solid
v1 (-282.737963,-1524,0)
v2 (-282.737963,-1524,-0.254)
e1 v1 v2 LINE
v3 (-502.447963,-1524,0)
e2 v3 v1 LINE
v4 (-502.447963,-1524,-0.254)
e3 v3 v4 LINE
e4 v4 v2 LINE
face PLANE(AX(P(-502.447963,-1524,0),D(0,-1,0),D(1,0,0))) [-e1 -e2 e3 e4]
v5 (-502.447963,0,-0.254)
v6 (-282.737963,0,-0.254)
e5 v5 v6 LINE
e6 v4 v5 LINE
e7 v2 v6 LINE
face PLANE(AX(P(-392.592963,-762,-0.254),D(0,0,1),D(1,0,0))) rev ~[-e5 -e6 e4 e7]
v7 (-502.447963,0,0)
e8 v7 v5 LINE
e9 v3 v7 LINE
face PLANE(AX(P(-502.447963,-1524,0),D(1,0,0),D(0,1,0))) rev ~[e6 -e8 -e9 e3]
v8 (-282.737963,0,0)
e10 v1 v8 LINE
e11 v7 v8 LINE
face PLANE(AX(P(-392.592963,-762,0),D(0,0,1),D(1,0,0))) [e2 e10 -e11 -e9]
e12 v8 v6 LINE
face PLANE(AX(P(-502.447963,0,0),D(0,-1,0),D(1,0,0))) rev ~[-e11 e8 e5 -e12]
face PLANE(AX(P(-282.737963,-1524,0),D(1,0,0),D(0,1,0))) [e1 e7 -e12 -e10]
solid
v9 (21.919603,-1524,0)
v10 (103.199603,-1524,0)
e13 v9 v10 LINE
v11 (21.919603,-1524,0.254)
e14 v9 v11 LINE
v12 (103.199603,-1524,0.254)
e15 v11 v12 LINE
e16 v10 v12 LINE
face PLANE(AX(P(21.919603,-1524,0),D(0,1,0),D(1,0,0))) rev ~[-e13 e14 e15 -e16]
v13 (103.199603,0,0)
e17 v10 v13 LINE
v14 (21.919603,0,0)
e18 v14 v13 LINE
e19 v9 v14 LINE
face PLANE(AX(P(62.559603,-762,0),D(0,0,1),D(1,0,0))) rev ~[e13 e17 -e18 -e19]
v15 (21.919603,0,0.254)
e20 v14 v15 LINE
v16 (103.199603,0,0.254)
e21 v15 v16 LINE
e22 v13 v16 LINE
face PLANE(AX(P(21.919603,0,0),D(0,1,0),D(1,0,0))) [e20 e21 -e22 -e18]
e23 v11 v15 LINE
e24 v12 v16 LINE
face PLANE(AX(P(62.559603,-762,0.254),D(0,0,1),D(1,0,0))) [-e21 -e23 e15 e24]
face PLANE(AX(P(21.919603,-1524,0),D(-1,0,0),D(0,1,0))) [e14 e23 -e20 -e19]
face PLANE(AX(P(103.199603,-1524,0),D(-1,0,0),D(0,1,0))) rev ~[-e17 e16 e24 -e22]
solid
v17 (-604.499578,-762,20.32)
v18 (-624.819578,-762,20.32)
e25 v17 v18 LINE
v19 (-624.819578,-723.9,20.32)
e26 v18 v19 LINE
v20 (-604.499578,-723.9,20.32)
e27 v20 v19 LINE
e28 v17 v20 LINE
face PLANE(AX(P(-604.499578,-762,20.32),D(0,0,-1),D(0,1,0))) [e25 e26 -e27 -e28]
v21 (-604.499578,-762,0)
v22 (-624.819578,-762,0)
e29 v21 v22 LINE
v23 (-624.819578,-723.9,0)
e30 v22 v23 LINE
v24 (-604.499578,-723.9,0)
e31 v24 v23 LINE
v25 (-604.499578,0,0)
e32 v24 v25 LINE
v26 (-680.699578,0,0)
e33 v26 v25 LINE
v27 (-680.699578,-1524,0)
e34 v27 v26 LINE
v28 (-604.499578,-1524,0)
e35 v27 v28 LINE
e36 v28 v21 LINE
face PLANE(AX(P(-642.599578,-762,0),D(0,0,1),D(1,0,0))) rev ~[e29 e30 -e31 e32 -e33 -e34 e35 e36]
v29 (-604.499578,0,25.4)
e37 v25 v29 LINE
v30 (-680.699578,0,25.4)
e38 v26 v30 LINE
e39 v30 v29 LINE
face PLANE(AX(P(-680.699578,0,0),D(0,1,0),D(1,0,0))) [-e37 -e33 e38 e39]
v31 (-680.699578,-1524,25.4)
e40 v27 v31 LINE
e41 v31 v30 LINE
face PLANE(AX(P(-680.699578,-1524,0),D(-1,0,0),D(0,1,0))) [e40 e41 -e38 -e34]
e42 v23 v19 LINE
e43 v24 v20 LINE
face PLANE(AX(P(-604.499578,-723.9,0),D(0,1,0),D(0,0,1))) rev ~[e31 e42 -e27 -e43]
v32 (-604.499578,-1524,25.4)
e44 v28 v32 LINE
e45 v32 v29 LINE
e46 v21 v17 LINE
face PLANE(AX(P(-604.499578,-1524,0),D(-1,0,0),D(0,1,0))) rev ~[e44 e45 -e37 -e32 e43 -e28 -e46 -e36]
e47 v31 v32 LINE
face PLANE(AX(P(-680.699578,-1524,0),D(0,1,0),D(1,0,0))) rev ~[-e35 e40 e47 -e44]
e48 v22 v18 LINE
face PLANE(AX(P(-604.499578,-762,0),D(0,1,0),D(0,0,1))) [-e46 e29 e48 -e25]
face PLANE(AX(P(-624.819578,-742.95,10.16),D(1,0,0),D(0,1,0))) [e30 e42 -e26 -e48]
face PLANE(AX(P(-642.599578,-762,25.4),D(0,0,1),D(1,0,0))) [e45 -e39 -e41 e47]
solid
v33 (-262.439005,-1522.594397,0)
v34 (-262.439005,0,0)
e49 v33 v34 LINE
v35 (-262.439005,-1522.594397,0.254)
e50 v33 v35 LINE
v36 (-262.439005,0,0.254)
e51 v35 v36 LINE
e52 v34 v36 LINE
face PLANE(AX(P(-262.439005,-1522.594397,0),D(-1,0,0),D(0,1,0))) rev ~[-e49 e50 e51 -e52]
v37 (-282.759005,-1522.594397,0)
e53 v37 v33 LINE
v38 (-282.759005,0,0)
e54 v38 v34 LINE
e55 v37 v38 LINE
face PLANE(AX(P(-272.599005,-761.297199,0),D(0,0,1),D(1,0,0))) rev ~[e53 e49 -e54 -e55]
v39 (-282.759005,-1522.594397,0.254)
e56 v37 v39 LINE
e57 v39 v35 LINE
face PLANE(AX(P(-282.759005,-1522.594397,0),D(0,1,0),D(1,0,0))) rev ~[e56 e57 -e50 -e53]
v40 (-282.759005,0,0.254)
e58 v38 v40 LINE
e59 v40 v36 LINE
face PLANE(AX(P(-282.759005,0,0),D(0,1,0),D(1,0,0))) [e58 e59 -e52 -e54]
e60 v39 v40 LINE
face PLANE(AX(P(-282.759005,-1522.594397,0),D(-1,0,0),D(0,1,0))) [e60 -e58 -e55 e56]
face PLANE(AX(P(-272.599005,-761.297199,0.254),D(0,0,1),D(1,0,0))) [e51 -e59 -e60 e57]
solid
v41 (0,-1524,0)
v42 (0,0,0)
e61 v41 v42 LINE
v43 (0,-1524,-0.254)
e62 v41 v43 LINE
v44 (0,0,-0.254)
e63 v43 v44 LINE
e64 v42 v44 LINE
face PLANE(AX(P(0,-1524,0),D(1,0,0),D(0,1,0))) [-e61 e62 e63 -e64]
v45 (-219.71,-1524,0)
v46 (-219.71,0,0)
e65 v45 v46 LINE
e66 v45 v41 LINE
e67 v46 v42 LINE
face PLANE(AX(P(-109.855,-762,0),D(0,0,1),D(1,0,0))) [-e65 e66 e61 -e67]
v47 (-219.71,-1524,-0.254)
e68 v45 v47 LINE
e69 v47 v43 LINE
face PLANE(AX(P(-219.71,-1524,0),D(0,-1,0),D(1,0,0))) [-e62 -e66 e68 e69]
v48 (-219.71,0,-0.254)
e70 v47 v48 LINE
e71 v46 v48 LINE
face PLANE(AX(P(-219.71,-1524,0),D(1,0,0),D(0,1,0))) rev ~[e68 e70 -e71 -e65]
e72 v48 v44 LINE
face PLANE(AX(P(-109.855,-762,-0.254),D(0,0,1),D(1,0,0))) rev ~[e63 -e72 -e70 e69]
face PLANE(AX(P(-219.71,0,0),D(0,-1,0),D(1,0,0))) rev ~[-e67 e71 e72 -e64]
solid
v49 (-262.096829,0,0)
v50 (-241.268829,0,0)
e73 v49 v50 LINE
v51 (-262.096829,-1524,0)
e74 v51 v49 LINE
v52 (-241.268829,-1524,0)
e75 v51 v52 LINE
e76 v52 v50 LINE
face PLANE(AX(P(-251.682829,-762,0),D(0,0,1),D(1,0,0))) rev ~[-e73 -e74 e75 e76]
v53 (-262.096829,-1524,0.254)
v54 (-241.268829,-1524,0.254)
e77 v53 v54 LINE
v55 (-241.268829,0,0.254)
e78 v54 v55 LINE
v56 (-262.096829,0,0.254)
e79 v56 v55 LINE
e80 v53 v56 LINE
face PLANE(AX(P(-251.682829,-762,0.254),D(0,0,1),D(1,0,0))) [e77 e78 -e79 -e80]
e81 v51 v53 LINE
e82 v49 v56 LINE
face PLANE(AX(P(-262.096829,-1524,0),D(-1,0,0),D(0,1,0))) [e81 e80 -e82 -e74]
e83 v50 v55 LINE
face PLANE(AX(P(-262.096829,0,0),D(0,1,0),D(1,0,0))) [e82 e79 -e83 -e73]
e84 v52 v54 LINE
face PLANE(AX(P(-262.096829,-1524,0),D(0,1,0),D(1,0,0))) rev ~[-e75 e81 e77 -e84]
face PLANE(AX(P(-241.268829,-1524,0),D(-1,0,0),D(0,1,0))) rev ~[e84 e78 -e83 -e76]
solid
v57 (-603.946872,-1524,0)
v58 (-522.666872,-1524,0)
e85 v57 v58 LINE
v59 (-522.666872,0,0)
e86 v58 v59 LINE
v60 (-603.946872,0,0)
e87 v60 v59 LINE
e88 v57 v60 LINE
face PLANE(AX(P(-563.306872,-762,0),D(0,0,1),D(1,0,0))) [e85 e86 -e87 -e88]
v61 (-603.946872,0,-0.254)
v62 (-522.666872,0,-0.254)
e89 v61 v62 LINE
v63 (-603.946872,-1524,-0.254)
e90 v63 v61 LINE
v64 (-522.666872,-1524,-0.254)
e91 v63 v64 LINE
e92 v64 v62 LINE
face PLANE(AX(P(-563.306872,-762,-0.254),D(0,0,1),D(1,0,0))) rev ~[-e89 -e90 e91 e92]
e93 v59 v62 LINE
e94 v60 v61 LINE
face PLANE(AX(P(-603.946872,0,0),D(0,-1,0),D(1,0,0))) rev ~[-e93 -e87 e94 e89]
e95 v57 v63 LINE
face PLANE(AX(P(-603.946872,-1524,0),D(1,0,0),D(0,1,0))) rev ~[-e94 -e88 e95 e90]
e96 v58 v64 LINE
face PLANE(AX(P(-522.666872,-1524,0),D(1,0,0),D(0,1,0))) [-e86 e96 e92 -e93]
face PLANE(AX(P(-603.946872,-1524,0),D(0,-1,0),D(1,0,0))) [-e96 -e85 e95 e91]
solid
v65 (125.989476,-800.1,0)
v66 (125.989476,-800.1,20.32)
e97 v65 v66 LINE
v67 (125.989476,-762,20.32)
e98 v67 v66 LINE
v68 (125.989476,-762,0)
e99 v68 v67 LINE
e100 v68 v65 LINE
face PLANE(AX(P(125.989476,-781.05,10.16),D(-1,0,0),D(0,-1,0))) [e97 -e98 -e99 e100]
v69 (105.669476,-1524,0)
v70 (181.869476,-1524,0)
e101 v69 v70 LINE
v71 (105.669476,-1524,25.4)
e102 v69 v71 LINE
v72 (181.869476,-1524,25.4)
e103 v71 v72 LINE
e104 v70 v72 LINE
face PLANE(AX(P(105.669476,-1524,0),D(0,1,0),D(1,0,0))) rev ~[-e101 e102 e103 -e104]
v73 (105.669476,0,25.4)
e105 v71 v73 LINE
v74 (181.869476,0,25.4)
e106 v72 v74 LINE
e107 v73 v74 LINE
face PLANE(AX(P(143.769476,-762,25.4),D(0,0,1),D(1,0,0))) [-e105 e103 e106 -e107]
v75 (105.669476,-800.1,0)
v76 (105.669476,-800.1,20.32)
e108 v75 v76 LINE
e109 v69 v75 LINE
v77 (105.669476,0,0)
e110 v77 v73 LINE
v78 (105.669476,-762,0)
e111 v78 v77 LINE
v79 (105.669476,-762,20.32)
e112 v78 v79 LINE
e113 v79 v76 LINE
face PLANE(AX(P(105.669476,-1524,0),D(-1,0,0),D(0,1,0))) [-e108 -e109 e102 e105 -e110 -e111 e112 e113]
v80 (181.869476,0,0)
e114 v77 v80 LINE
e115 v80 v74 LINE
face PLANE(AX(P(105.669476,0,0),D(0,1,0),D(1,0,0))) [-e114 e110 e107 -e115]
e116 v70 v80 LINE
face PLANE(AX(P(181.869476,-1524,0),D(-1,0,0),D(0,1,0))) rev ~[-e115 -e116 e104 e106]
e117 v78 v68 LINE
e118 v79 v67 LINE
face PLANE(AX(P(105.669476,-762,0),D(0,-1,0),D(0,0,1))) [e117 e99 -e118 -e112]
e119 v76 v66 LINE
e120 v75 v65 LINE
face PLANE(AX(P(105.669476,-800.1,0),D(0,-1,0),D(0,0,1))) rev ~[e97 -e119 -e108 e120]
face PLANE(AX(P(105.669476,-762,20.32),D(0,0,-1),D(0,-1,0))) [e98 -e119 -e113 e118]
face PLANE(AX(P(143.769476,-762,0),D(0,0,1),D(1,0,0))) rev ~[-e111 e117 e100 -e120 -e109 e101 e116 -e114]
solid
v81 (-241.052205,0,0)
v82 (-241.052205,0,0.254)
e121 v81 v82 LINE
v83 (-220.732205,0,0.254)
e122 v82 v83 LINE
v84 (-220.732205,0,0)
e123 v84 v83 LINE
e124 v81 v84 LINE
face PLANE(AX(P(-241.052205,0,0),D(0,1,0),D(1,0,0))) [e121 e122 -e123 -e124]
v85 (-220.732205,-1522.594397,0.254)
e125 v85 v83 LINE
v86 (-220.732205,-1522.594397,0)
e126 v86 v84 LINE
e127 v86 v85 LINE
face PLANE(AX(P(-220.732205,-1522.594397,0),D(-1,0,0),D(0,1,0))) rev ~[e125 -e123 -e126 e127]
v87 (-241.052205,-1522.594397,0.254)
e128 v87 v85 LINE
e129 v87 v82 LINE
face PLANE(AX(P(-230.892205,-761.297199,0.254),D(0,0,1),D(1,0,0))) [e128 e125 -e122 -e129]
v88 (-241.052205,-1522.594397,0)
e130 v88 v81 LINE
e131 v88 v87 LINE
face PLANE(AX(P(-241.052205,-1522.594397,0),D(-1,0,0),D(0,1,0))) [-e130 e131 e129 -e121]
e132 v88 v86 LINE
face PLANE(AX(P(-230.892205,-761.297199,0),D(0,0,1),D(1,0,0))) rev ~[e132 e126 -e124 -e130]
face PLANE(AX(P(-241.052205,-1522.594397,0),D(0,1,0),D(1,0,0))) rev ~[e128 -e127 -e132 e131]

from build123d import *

# Parameters (mm, degrees)
F2_W      = 76.2
F2_H      = 1524
F3_DEPTH  = 25.4
F4_W      = 38.1
F4_H      = 20.32
F5_DEPTH  = 20.32
F6_W      = 38.1
F6_H      = 20.32
F7_DEPTH  = 20.32
F0_W      = 219.71
F0_H      = 1524
F8_DEPTH  = 0.254
F1_W      = 81.28
F1_H      = 1524
F9_DEPTH  = 0.254
F10_W     = 81.28
F10_H     = 1524
F11_DEPTH = 0.254
F12_W     = 20.32
F12_H     = 1522.59439733
F13_DEPTH = 0.254
F14_W     = 20.828
F14_H     = 1524
F15_DEPTH = 0.254


with BuildPart() as f3:
    # F2 (on Top) → F3 (new body)
    with BuildSketch(Plane.XY):
        with Locations((143.7694760919, -762)):
            Rectangle(F2_W, F2_H)
    extrude(amount=F3_DEPTH)

    # F6 (on face) → F7 (cut)
    with BuildSketch(Plane(origin=(105.6694760919, 0, 0), x_dir=(0, -1, 0), z_dir=(-1, 0, 0))):
        with Locations((781.05, 10.16)):
            Rectangle(F6_W, F6_H)
    extrude(amount=-F7_DEPTH, mode=Mode.SUBTRACT)


with BuildPart() as f3b:
    # F2 (on Top) → F3, piece 2 (new body)
    with BuildSketch(Plane.XY):
        with Locations((-642.599578476, -762)):
            Rectangle(F2_W, F2_H)
    extrude(amount=F3_DEPTH)

    # F4 (on face) → F5 (cut)
    with BuildSketch(Plane.YZ.offset(-604.499578476)):
        with Locations((-742.95, 10.16)):
            Rectangle(F4_W, F4_H)
    extrude(amount=-F5_DEPTH, mode=Mode.SUBTRACT)


with BuildPart() as f8:
    # F0 (on Top) → F8 (new body)
    with BuildSketch(Plane.XY):
        with Locations((-109.855, -762)):
            Rectangle(F0_W, F0_H)
    extrude(amount=-F8_DEPTH)


with BuildPart() as f8b:
    # F0 (on Top) → F8, piece 2 (new body)
    with BuildSketch(Plane.XY):
        with Locations((-392.5929627609, -762)):
            Rectangle(F0_W, F0_H)
    extrude(amount=-F8_DEPTH)


with BuildPart() as f9:
    # F1 (on Top) → F9 (new body)
    with BuildSketch(Plane.XY):
        with Locations((-563.3068715477, -762)):
            Rectangle(F1_W, F1_H)
    extrude(amount=-F9_DEPTH)


with BuildPart() as f11:
    # F10 (on Top) → F11 (new body)
    with BuildSketch(Plane.XY):
        with Locations((62.5596027889, -762)):
            Rectangle(F10_W, F10_H)
    extrude(amount=F11_DEPTH)


with BuildPart() as f13:
    # F12 (on Top) → F13 (new body)
    with BuildSketch(Plane.XY):
        with Locations((-272.5990045506, -761.297198665)):
            Rectangle(F12_W, F12_H)
    extrude(amount=F13_DEPTH)


with BuildPart() as f13b:
    # F12 (on Top) → F13, piece 2 (new body)
    with BuildSketch(Plane.XY):
        with Locations((-230.8922045506, -761.297198665)):
            Rectangle(F12_W, F12_H)
    extrude(amount=F13_DEPTH)


with BuildPart() as f15:
    # F14 (on Top) → F15 (new body)
    with BuildSketch(Plane.XY):
        with Locations((-251.6828285112, -762)):
            Rectangle(F14_W, F14_H)
    extrude(amount=F15_DEPTH)


solid = Compound([f3.part, f3b.part, f8.part, f8b.part, f9.part, f11.part, f13.part, f13b.part, f15.part])
